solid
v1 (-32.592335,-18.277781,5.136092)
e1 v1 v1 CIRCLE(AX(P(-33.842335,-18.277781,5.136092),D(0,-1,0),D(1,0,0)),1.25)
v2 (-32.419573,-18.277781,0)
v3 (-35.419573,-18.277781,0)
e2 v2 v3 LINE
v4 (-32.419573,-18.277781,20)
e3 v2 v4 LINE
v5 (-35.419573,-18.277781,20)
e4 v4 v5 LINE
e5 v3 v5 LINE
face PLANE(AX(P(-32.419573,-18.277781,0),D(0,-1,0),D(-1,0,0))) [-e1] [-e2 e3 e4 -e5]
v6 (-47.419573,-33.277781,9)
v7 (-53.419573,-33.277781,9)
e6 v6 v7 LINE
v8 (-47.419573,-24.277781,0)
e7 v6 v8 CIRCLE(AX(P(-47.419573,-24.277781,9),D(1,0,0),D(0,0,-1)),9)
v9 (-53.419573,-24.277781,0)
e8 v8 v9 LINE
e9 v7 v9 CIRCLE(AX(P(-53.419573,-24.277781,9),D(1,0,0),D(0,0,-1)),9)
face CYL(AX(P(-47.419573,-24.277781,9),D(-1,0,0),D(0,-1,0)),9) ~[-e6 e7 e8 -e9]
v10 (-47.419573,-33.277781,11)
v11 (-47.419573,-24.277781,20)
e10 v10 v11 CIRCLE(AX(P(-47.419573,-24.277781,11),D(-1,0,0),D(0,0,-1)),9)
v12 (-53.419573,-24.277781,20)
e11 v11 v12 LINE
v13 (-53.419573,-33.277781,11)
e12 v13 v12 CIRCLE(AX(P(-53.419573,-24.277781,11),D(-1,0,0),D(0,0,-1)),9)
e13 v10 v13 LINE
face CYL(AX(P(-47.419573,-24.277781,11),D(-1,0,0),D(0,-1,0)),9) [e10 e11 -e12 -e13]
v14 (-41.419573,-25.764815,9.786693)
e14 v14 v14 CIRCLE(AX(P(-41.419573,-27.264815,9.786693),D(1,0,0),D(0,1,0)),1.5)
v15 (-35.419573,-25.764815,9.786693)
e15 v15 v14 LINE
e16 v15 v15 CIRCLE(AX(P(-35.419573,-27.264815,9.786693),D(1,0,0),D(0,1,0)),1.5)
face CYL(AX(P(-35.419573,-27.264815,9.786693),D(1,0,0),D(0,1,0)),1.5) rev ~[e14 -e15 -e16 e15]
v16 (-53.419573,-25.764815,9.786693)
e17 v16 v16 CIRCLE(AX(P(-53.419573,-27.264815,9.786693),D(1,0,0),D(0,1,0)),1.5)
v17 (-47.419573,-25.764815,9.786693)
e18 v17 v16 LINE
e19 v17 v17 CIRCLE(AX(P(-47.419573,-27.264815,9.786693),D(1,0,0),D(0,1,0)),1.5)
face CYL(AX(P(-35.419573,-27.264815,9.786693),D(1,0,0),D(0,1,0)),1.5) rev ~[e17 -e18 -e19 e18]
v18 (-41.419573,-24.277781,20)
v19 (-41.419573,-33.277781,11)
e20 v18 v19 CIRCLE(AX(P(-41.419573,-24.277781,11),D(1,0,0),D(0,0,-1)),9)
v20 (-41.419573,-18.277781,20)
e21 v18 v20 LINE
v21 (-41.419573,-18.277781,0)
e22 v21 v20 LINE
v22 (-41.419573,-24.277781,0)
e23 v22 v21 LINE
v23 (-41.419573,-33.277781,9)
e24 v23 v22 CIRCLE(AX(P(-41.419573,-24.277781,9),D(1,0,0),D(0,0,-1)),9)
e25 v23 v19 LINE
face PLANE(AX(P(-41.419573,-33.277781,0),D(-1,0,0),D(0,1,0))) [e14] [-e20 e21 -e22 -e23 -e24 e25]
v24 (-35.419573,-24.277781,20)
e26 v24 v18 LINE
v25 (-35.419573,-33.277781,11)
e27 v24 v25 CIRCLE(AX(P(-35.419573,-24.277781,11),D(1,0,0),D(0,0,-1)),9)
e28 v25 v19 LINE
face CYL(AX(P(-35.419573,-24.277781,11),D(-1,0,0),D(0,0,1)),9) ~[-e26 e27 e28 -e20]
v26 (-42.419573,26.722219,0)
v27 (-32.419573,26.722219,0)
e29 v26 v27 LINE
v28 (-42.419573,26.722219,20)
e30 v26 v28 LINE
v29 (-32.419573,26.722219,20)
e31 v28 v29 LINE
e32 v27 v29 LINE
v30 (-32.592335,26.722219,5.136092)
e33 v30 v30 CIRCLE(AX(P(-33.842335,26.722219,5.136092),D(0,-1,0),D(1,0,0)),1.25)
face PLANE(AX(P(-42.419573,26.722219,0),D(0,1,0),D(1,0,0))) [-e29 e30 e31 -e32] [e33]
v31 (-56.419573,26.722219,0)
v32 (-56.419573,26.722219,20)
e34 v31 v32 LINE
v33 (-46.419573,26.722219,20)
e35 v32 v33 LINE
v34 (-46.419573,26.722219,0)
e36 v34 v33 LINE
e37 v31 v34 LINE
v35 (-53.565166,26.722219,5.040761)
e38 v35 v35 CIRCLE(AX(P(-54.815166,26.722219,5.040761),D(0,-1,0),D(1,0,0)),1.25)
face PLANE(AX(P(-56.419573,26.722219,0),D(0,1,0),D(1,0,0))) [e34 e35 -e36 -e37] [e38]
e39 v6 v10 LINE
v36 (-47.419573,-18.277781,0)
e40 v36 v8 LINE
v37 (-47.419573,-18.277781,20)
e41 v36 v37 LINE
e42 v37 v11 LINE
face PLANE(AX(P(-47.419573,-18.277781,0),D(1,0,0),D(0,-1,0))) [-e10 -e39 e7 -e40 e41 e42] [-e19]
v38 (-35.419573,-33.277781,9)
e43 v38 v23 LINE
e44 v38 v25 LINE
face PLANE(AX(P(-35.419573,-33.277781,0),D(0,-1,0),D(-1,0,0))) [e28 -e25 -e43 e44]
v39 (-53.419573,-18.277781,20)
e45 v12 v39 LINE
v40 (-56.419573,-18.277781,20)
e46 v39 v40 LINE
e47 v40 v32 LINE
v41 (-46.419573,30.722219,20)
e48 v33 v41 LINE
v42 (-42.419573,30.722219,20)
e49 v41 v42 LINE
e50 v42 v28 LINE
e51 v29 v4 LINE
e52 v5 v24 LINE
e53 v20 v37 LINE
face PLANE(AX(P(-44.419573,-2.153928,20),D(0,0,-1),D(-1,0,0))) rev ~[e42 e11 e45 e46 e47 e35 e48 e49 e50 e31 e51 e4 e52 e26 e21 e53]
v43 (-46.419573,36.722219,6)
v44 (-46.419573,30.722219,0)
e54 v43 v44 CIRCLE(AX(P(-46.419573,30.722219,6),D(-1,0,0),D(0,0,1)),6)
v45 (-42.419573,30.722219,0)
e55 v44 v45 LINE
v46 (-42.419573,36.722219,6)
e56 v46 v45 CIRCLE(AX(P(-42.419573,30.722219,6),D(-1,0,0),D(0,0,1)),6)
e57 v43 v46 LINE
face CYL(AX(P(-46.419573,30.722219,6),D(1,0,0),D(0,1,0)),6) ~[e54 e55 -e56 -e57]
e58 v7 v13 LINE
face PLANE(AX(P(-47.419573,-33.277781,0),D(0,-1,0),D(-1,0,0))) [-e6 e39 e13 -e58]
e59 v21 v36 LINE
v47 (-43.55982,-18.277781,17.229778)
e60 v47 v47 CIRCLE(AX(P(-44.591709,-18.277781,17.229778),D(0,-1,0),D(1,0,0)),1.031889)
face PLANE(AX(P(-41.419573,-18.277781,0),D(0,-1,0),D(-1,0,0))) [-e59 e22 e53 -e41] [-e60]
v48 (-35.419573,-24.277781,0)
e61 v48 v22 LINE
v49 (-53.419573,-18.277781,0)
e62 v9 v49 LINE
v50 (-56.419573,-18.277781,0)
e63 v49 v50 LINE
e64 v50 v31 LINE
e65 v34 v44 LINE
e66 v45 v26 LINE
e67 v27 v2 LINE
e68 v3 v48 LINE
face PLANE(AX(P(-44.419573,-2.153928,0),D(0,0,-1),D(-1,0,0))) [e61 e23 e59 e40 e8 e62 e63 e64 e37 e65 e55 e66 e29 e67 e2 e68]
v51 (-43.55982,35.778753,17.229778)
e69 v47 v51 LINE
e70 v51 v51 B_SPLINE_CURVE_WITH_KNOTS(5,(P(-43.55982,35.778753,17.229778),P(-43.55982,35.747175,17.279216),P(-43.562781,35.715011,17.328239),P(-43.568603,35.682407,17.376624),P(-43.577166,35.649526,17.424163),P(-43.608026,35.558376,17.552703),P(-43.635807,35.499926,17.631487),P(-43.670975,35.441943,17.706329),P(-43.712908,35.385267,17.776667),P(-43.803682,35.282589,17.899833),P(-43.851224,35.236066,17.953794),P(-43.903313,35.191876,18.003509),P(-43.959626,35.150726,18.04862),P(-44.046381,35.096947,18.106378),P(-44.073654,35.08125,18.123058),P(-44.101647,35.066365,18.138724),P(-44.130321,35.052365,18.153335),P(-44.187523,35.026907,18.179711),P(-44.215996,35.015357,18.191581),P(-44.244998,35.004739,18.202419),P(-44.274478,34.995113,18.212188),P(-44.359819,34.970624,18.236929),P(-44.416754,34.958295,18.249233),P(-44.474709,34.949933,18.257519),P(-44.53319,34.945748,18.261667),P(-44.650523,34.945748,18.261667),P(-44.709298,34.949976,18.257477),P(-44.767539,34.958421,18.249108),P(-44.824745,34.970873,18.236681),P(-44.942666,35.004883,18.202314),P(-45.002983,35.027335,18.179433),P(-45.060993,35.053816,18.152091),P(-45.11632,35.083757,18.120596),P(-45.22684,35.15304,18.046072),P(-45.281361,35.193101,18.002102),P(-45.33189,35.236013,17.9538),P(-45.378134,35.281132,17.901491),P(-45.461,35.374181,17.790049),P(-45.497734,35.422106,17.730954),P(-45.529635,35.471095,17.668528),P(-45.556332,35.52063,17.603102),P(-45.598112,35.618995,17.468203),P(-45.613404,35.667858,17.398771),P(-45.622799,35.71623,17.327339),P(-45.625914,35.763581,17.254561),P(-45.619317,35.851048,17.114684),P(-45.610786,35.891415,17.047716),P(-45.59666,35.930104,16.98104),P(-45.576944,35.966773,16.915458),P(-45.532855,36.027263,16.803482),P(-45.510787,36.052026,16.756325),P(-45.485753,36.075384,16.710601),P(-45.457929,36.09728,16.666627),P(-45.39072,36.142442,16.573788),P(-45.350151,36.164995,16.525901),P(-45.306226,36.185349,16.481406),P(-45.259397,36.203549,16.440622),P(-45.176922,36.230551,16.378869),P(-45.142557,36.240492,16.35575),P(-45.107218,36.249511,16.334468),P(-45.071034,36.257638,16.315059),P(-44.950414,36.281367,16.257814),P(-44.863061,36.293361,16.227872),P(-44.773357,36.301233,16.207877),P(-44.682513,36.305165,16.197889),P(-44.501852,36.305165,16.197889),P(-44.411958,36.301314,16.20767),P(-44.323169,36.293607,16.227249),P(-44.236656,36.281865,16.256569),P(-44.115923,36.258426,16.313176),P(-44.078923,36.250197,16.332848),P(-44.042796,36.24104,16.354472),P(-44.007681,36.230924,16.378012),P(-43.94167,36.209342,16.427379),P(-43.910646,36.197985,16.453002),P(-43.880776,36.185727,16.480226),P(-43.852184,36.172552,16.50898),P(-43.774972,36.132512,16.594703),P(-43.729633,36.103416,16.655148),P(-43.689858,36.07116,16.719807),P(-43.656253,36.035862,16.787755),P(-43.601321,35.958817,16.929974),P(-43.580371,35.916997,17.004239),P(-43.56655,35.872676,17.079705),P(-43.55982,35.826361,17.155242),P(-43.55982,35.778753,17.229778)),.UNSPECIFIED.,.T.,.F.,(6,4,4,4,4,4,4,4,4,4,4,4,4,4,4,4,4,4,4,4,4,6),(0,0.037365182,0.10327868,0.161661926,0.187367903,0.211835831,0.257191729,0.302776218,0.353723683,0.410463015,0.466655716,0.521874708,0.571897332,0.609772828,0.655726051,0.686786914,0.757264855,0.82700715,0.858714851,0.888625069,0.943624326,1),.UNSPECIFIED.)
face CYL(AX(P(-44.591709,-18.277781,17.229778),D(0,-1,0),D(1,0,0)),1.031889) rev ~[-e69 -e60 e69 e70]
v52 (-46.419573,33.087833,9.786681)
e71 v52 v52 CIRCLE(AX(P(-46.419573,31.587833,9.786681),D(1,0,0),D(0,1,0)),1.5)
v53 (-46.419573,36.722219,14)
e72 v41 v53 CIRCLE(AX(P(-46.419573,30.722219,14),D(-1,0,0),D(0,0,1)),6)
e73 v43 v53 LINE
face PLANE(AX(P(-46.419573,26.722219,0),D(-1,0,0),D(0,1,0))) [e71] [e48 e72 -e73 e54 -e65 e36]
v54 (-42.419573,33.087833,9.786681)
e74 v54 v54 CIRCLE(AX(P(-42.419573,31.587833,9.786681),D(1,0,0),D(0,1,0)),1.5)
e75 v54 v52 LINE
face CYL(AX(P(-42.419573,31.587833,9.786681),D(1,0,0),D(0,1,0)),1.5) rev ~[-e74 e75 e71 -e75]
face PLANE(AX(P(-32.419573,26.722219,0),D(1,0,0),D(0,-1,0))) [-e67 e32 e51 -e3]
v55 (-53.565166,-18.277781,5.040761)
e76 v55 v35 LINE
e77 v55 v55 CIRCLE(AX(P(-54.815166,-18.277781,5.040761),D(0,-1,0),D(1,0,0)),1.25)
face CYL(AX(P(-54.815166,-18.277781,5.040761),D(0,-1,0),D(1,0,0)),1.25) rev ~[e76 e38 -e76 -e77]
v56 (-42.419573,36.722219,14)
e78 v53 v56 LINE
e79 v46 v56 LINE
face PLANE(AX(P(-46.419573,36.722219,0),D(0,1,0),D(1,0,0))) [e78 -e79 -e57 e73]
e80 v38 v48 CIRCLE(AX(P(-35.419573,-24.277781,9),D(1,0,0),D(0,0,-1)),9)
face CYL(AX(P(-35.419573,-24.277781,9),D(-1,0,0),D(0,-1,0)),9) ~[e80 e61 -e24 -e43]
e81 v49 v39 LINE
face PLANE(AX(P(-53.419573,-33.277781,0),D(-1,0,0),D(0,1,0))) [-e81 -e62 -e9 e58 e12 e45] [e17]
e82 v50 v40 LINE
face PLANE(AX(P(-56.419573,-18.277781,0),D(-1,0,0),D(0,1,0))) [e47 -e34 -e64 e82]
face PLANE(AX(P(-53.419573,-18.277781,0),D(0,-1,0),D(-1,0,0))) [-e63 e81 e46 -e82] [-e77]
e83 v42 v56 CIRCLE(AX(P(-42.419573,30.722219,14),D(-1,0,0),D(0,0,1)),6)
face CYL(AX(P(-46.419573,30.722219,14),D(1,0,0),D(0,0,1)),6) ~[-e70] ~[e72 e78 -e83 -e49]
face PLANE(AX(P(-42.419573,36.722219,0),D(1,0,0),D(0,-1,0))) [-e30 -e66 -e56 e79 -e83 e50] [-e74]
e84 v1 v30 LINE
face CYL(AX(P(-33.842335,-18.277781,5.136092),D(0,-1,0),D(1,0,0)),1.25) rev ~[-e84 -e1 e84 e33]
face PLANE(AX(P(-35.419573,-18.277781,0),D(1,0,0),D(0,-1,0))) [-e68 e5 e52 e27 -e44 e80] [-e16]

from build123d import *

# Parameters (mm, degrees)
PAD_DEPTH       = 20
FILLET_R        = 9
FILLET001_R     = 9
FILLET002_R     = 9
FILLET003_R     = 9
FILLET004_R     = 6
FILLET005_R     = 6
SKETCH002_R     = 1.5
POCKET001_DEPTH = 14.001
SKETCH003_R     = 1.5
POCKET_DEPTH    = 21.001
SKETCH004_R     = 1.25
POCKET002_DEPTH = 55.001
SKETCH005_R     = 1.031889
POCKET003_DEPTH = 55.001


with BuildPart() as part:
    # Sketch → Pad (new body)
    with BuildSketch(Plane.XY):
        Polygon((-56.419573, 26.722219), (-46.419573, 26.722219), (-46.419573, 36.722219), (-42.419573, 36.722219), (-42.419573, 26.722219), (-32.419573, 26.722219), (-32.419573, -18.277781), (-35.419573, -18.277781), (-35.419573, -33.277781), (-41.419573, -33.277781), (-41.419573, -18.277781), (-47.419573, -18.277781), (-47.419573, -33.277781), (-53.419573, -33.277781), (-53.419573, -18.277781), (-56.419573, -18.277781), align=None)
    extrude(amount=PAD_DEPTH)

    # Fillet
    fillet_edges = [part.edges().sort_by_distance(p)[0] for p in [
        (-50.419573, -33.277781, 0),
    ]]
    fillet(fillet_edges, radius=FILLET_R)

    # Fillet001
    fillet001_edges = [part.edges().sort_by_distance(p)[0] for p in [
        (-50.419573, -33.277781, 20),
    ]]
    fillet(fillet001_edges, radius=FILLET001_R)

    # Fillet002
    fillet002_edges = [part.edges().sort_by_distance(p)[0] for p in [
        (-38.419573, -33.277781, 20),
    ]]
    fillet(fillet002_edges, radius=FILLET002_R)

    # Fillet003
    fillet003_edges = [part.edges().sort_by_distance(p)[0] for p in [
        (-38.419573, -33.277781, 0),
    ]]
    fillet(fillet003_edges, radius=FILLET003_R)

    # Fillet004
    fillet004_edges = [part.edges().sort_by_distance(p)[0] for p in [
        (-44.419573, 36.722219, 20),
    ]]
    fillet(fillet004_edges, radius=FILLET004_R)

    # Fillet005
    fillet005_edges = [part.edges().sort_by_distance(p)[0] for p in [
        (-44.419573, 36.722219, 0),
    ]]
    fillet(fillet005_edges, radius=FILLET005_R)

    # Sketch002 → Pocket001 (cut, through all)
    with BuildSketch(Plane.YZ.offset(-42.419573)):
        with Locations((31.587833, 9.786681)):
            Circle(SKETCH002_R)
    extrude(amount=-POCKET001_DEPTH, mode=Mode.SUBTRACT)

    # Sketch003 (on Face14 of Pocket001) → Pocket (cut, through all)
    with BuildSketch(Plane.YZ.offset(-35.419573)):
        with Locations((-27.264815, 9.786693)):
            Circle(SKETCH003_R)
    extrude(amount=-POCKET_DEPTH, mode=Mode.SUBTRACT)

    # Sketch004 (on Face15 of Pocket) → Pocket002 (cut, through all)
    with BuildSketch(Plane.XZ.offset(18.277781)):
        with Locations((-54.815166, 5.040761)):
            Circle(SKETCH004_R)
        with Locations((-33.842335, 5.136092)):
            Circle(SKETCH004_R)
    extrude(amount=-POCKET002_DEPTH, mode=Mode.SUBTRACT)

    # Sketch005 (on Face20 of Pocket002) → Pocket003 (cut, through all)
    with BuildSketch(Plane.XZ.offset(18.277781)):
        with Locations((-44.591709, 17.229778)):
            Circle(SKETCH005_R)
    extrude(amount=-POCKET003_DEPTH, mode=Mode.SUBTRACT)


solid = part.part
